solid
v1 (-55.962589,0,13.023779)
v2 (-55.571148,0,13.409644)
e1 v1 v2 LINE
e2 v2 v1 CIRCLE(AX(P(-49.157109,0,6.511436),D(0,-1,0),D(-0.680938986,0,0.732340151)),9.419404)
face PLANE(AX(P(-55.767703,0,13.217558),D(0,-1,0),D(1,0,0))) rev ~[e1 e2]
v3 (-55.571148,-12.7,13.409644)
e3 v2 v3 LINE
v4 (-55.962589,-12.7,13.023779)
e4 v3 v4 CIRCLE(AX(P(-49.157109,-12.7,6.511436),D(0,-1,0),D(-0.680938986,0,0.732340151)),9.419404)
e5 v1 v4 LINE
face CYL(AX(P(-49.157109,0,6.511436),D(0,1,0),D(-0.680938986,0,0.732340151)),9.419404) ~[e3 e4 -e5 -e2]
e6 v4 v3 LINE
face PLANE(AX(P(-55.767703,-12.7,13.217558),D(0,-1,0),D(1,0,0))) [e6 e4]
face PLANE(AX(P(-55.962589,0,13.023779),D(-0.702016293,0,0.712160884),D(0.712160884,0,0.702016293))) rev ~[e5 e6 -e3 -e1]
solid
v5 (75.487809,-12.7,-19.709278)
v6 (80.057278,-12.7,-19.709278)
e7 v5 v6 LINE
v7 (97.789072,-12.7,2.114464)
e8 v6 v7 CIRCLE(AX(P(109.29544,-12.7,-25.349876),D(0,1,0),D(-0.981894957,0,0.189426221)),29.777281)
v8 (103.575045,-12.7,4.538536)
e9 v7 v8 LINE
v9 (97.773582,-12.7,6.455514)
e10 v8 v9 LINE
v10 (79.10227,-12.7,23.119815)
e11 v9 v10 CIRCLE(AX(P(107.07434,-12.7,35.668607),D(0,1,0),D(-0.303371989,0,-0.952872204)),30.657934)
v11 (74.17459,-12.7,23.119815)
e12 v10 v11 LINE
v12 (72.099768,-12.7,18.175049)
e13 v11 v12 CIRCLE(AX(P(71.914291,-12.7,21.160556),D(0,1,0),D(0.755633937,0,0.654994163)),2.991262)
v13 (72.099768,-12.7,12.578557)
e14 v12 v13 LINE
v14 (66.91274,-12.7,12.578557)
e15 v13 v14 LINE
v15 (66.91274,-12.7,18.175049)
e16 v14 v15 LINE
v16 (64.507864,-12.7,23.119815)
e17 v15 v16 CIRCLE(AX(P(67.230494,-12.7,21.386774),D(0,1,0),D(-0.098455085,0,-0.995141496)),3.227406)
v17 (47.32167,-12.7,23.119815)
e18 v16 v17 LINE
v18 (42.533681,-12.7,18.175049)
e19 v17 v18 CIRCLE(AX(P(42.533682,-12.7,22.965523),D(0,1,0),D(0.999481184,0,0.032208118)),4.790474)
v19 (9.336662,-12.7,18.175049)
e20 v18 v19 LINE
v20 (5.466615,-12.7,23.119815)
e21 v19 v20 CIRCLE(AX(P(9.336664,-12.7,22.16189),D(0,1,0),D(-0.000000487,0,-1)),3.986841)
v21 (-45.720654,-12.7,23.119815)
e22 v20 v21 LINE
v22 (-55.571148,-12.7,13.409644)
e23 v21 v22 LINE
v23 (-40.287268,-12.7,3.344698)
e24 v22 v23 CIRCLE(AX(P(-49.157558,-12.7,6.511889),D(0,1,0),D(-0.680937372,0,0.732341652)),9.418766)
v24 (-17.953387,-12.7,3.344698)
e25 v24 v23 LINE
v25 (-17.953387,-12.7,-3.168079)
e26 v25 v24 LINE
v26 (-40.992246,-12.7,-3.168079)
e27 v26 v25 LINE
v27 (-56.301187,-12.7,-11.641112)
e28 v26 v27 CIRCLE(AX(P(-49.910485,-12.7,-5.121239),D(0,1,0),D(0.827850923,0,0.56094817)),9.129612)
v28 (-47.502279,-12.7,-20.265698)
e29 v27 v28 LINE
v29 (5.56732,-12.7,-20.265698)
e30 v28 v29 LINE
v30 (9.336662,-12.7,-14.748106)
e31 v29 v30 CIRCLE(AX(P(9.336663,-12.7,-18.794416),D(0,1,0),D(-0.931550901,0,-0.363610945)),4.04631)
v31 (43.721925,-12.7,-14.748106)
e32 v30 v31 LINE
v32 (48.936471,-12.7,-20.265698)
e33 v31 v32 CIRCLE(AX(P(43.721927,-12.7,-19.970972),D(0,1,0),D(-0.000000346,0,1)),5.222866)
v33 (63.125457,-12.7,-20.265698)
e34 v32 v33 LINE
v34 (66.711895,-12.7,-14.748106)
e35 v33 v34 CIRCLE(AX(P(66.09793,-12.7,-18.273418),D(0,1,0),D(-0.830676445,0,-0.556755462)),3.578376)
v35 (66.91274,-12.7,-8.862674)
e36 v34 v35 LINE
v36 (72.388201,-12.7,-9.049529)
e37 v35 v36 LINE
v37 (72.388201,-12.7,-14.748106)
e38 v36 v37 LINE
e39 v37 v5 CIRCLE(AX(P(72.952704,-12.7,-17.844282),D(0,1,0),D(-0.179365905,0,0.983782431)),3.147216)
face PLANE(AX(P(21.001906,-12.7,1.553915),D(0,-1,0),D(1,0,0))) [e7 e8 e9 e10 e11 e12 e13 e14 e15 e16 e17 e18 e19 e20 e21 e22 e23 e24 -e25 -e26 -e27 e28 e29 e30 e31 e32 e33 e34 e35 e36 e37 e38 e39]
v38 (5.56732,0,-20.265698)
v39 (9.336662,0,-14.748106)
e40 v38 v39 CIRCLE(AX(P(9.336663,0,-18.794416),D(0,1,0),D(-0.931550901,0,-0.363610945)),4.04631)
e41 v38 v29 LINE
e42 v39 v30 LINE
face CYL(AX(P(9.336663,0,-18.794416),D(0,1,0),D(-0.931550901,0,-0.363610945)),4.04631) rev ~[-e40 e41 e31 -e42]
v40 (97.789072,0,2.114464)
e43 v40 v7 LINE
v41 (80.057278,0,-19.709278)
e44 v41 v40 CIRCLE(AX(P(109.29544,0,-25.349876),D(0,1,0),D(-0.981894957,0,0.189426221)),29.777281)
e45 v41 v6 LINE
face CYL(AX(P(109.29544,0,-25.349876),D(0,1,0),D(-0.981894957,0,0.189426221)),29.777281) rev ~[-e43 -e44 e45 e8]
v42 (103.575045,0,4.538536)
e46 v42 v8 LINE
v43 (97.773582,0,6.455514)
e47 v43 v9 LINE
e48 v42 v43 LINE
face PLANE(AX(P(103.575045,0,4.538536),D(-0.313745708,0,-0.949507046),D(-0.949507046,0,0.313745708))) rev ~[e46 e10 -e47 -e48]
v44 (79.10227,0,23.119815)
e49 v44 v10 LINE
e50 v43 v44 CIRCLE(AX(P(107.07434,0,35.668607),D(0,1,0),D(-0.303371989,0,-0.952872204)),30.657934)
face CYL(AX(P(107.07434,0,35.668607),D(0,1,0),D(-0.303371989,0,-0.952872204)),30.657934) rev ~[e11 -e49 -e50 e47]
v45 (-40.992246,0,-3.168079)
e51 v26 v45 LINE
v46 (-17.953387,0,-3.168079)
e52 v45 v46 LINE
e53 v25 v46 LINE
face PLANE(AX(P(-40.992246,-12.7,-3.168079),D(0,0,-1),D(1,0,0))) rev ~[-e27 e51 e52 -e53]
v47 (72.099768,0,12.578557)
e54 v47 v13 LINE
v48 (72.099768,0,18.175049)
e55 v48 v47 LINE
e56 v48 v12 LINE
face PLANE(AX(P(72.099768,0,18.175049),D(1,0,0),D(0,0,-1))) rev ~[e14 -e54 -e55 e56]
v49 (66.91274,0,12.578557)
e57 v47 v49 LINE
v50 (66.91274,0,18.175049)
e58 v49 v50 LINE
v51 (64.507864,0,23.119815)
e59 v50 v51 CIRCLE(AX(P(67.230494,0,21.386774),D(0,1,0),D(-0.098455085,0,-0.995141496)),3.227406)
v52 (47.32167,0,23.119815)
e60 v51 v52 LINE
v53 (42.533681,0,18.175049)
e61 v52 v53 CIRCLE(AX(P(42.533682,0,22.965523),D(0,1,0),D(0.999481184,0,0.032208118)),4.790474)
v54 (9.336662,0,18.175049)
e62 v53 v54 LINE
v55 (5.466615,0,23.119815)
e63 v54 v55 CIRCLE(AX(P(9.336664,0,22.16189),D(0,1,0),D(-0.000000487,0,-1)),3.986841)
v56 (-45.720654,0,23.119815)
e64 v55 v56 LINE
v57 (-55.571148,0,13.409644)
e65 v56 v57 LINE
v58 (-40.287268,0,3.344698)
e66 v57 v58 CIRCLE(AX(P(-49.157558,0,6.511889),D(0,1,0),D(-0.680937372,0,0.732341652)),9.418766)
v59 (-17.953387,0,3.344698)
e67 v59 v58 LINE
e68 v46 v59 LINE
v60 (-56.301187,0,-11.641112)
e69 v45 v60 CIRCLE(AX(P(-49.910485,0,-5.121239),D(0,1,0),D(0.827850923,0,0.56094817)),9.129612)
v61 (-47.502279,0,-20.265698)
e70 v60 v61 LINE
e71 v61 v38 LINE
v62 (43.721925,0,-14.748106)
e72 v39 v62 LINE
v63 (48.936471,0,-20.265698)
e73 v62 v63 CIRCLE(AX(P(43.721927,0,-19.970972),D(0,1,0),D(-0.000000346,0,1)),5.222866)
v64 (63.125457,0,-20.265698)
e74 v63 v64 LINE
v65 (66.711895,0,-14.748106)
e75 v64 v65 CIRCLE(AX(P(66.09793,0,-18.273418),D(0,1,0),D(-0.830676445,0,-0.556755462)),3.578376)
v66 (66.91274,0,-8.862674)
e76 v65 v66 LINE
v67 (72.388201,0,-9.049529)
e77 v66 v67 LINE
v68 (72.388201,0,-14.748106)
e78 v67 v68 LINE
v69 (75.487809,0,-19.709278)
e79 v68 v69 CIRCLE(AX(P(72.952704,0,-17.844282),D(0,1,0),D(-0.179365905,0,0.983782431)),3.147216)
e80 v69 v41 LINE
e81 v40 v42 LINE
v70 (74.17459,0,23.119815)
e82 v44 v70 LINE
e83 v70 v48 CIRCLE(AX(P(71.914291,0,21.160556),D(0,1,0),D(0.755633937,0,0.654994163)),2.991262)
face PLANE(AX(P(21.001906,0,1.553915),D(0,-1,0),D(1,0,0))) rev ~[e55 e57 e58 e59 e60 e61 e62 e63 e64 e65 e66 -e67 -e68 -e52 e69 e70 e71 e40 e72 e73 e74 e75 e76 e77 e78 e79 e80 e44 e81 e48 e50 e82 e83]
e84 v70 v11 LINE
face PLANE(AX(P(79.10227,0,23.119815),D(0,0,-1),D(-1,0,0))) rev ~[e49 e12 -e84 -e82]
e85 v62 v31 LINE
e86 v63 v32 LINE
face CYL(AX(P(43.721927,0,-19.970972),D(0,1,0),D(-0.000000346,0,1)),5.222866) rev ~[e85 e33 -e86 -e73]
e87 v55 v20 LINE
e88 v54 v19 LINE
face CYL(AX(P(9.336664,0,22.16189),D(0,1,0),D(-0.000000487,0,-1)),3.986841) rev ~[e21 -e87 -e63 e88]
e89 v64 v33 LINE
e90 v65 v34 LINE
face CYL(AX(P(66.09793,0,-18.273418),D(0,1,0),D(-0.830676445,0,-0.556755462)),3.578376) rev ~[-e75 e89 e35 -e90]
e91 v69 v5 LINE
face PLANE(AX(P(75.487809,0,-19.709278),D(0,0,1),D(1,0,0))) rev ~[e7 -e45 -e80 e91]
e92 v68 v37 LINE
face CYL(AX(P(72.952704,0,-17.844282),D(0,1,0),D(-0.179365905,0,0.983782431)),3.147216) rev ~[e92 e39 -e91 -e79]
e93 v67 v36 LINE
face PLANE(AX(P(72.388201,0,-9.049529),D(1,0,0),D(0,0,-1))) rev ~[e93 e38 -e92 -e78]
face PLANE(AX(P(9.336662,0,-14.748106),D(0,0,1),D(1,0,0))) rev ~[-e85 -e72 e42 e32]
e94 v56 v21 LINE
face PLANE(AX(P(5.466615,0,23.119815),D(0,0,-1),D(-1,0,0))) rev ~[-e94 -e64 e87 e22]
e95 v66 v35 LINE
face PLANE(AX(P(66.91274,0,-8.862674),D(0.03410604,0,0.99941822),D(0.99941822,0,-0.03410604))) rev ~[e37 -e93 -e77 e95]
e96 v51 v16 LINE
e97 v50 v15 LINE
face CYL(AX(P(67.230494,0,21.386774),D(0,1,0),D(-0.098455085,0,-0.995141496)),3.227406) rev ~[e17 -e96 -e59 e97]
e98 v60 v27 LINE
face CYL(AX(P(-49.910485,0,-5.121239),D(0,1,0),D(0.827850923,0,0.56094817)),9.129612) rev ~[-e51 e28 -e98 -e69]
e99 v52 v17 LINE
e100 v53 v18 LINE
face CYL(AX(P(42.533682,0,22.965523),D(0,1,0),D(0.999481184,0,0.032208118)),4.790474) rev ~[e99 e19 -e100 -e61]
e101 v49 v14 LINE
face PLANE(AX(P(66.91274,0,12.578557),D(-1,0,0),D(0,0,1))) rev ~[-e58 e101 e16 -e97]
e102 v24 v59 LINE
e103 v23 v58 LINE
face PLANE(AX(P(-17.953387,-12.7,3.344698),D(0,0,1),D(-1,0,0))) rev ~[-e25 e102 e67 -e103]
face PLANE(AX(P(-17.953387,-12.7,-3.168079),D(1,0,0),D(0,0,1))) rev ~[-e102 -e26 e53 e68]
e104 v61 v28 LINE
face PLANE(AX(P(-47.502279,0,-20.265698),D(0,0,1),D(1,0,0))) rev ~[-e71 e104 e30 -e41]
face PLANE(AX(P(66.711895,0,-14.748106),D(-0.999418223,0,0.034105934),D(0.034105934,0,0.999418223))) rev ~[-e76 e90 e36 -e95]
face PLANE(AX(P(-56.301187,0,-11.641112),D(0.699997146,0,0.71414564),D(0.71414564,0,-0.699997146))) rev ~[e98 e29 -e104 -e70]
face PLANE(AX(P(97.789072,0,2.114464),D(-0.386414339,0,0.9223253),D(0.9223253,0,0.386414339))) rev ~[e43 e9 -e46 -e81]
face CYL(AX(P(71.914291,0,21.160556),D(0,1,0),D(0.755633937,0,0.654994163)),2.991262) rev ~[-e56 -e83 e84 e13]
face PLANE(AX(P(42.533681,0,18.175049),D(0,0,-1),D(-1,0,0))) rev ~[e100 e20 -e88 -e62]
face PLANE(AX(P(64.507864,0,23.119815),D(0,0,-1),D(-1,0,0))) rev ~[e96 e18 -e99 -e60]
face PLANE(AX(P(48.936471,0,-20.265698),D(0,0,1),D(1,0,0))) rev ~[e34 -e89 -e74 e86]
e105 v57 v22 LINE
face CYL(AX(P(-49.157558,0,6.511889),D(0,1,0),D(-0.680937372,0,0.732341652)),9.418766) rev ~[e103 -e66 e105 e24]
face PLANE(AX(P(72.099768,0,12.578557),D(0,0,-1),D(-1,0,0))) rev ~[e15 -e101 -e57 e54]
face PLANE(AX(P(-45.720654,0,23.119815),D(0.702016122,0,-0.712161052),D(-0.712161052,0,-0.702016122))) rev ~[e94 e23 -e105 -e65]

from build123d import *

# Parameters (mm, degrees)
F1_DEPTH = 12.7
F3_DEPTH = 25.4


with BuildPart() as f1:
    # F0 (on Front) → F1 (new body)
    with BuildSketch(Plane.XZ):
        with BuildLine():
            ThreePointArc((-55.571148, 13.409644), (-55.769684, 13.219567), (-55.962589, 13.023779))
            Line((-55.962589, 13.023779), (-55.571148, 13.409644))
        make_face()
        with BuildLine():
            Line((-45.720654, 23.119815), (-55.571148, 13.409644))
            ThreePointArc((-55.571148, 13.409644), (-42.44988, 13.124015), (-42.352527, 0))
            ThreePointArc((-42.352527, 0), (-44.060742, -12.130542), (-56.301187, -11.641112))
            Line((-56.301187, -11.641112), (-47.502279, -20.265698))
            Line((-47.502279, -20.265698), (5.56732, -20.265698))
            ThreePointArc((5.56732, -20.265698), (5.995564, -16.511944), (9.336662, -14.748106))
            Line((9.336662, -14.748106), (43.721925, -14.748106))
            ThreePointArc((43.721925, -14.748106), (47.517822, -16.383562), (48.936471, -20.265698))
            Line((48.936471, -20.265698), (63.125457, -20.265698))
            ThreePointArc((63.125457, -20.265698), (63.097664, -16.323243), (66.711895, -14.748106))
            Line((66.711895, -14.748106), (66.91274, -8.862674))
            Line((66.91274, -8.862674), (72.388201, -9.049529))
            Line((72.388201, -9.049529), (72.388201, -14.748106))
            ThreePointArc((72.388201, -14.748106), (75.62181, -16.176696), (75.487809, -19.709278))
            Line((75.487809, -19.709278), (80.057278, -19.709278))
            ThreePointArc((80.057278, -19.709278), (86.184877, -6.57254), (97.789072, 2.114464))
            Line((97.789072, 2.114464), (103.575045, 4.538536))
            Line((103.575045, 4.538536), (97.773582, 6.455514))
            ThreePointArc((97.773582, 6.455514), (86.660113, 12.795736), (79.10227, 23.119815))
            Line((79.10227, 23.119815), (74.17459, 23.119815))
            ThreePointArc((74.17459, 23.119815), (74.672575, 20.00318), (72.099768, 18.175049))
            Line((72.099768, 18.175049), (72.099768, 12.578557))
            Line((72.099768, 12.578557), (66.91274, 12.578557))
            Line((66.91274, 12.578557), (66.91274, 18.175049))
            ThreePointArc((66.91274, 18.175049), (64.32814, 19.97522), (64.507864, 23.119815))
            Line((64.507864, 23.119815), (47.32167, 23.119815))
            ThreePointArc((47.32167, 23.119815), (45.975176, 19.633143), (42.533681, 18.175049))
            Line((42.533681, 18.175049), (9.336662, 18.175049))
            ThreePointArc((9.336662, 18.175049), (6.197078, 19.704676), (5.466615, 23.119815))
            Line((5.466615, 23.119815), (-45.720654, 23.119815))
        make_face()
    extrude(amount=F1_DEPTH)

    # F2 (on face) → F3 (cut)
    with BuildSketch(Plane.XZ.offset(12.7)):
        with BuildLine():
            Line((-17.953387, 3.344698), (-40.287268, 3.344698))
            ThreePointArc((-40.287268, 3.344698), (-41.143466, 1.563407), (-42.352527, 0))
            ThreePointArc((-42.352527, 0), (-41.521478, -1.519243), (-40.992246, -3.168079))
            Line((-40.992246, -3.168079), (-17.953387, -3.168079))
            Line((-17.953387, -3.168079), (-17.953387, 3.344698))
        make_face()
    extrude(amount=-F3_DEPTH, mode=Mode.SUBTRACT)


solid = f1.part
